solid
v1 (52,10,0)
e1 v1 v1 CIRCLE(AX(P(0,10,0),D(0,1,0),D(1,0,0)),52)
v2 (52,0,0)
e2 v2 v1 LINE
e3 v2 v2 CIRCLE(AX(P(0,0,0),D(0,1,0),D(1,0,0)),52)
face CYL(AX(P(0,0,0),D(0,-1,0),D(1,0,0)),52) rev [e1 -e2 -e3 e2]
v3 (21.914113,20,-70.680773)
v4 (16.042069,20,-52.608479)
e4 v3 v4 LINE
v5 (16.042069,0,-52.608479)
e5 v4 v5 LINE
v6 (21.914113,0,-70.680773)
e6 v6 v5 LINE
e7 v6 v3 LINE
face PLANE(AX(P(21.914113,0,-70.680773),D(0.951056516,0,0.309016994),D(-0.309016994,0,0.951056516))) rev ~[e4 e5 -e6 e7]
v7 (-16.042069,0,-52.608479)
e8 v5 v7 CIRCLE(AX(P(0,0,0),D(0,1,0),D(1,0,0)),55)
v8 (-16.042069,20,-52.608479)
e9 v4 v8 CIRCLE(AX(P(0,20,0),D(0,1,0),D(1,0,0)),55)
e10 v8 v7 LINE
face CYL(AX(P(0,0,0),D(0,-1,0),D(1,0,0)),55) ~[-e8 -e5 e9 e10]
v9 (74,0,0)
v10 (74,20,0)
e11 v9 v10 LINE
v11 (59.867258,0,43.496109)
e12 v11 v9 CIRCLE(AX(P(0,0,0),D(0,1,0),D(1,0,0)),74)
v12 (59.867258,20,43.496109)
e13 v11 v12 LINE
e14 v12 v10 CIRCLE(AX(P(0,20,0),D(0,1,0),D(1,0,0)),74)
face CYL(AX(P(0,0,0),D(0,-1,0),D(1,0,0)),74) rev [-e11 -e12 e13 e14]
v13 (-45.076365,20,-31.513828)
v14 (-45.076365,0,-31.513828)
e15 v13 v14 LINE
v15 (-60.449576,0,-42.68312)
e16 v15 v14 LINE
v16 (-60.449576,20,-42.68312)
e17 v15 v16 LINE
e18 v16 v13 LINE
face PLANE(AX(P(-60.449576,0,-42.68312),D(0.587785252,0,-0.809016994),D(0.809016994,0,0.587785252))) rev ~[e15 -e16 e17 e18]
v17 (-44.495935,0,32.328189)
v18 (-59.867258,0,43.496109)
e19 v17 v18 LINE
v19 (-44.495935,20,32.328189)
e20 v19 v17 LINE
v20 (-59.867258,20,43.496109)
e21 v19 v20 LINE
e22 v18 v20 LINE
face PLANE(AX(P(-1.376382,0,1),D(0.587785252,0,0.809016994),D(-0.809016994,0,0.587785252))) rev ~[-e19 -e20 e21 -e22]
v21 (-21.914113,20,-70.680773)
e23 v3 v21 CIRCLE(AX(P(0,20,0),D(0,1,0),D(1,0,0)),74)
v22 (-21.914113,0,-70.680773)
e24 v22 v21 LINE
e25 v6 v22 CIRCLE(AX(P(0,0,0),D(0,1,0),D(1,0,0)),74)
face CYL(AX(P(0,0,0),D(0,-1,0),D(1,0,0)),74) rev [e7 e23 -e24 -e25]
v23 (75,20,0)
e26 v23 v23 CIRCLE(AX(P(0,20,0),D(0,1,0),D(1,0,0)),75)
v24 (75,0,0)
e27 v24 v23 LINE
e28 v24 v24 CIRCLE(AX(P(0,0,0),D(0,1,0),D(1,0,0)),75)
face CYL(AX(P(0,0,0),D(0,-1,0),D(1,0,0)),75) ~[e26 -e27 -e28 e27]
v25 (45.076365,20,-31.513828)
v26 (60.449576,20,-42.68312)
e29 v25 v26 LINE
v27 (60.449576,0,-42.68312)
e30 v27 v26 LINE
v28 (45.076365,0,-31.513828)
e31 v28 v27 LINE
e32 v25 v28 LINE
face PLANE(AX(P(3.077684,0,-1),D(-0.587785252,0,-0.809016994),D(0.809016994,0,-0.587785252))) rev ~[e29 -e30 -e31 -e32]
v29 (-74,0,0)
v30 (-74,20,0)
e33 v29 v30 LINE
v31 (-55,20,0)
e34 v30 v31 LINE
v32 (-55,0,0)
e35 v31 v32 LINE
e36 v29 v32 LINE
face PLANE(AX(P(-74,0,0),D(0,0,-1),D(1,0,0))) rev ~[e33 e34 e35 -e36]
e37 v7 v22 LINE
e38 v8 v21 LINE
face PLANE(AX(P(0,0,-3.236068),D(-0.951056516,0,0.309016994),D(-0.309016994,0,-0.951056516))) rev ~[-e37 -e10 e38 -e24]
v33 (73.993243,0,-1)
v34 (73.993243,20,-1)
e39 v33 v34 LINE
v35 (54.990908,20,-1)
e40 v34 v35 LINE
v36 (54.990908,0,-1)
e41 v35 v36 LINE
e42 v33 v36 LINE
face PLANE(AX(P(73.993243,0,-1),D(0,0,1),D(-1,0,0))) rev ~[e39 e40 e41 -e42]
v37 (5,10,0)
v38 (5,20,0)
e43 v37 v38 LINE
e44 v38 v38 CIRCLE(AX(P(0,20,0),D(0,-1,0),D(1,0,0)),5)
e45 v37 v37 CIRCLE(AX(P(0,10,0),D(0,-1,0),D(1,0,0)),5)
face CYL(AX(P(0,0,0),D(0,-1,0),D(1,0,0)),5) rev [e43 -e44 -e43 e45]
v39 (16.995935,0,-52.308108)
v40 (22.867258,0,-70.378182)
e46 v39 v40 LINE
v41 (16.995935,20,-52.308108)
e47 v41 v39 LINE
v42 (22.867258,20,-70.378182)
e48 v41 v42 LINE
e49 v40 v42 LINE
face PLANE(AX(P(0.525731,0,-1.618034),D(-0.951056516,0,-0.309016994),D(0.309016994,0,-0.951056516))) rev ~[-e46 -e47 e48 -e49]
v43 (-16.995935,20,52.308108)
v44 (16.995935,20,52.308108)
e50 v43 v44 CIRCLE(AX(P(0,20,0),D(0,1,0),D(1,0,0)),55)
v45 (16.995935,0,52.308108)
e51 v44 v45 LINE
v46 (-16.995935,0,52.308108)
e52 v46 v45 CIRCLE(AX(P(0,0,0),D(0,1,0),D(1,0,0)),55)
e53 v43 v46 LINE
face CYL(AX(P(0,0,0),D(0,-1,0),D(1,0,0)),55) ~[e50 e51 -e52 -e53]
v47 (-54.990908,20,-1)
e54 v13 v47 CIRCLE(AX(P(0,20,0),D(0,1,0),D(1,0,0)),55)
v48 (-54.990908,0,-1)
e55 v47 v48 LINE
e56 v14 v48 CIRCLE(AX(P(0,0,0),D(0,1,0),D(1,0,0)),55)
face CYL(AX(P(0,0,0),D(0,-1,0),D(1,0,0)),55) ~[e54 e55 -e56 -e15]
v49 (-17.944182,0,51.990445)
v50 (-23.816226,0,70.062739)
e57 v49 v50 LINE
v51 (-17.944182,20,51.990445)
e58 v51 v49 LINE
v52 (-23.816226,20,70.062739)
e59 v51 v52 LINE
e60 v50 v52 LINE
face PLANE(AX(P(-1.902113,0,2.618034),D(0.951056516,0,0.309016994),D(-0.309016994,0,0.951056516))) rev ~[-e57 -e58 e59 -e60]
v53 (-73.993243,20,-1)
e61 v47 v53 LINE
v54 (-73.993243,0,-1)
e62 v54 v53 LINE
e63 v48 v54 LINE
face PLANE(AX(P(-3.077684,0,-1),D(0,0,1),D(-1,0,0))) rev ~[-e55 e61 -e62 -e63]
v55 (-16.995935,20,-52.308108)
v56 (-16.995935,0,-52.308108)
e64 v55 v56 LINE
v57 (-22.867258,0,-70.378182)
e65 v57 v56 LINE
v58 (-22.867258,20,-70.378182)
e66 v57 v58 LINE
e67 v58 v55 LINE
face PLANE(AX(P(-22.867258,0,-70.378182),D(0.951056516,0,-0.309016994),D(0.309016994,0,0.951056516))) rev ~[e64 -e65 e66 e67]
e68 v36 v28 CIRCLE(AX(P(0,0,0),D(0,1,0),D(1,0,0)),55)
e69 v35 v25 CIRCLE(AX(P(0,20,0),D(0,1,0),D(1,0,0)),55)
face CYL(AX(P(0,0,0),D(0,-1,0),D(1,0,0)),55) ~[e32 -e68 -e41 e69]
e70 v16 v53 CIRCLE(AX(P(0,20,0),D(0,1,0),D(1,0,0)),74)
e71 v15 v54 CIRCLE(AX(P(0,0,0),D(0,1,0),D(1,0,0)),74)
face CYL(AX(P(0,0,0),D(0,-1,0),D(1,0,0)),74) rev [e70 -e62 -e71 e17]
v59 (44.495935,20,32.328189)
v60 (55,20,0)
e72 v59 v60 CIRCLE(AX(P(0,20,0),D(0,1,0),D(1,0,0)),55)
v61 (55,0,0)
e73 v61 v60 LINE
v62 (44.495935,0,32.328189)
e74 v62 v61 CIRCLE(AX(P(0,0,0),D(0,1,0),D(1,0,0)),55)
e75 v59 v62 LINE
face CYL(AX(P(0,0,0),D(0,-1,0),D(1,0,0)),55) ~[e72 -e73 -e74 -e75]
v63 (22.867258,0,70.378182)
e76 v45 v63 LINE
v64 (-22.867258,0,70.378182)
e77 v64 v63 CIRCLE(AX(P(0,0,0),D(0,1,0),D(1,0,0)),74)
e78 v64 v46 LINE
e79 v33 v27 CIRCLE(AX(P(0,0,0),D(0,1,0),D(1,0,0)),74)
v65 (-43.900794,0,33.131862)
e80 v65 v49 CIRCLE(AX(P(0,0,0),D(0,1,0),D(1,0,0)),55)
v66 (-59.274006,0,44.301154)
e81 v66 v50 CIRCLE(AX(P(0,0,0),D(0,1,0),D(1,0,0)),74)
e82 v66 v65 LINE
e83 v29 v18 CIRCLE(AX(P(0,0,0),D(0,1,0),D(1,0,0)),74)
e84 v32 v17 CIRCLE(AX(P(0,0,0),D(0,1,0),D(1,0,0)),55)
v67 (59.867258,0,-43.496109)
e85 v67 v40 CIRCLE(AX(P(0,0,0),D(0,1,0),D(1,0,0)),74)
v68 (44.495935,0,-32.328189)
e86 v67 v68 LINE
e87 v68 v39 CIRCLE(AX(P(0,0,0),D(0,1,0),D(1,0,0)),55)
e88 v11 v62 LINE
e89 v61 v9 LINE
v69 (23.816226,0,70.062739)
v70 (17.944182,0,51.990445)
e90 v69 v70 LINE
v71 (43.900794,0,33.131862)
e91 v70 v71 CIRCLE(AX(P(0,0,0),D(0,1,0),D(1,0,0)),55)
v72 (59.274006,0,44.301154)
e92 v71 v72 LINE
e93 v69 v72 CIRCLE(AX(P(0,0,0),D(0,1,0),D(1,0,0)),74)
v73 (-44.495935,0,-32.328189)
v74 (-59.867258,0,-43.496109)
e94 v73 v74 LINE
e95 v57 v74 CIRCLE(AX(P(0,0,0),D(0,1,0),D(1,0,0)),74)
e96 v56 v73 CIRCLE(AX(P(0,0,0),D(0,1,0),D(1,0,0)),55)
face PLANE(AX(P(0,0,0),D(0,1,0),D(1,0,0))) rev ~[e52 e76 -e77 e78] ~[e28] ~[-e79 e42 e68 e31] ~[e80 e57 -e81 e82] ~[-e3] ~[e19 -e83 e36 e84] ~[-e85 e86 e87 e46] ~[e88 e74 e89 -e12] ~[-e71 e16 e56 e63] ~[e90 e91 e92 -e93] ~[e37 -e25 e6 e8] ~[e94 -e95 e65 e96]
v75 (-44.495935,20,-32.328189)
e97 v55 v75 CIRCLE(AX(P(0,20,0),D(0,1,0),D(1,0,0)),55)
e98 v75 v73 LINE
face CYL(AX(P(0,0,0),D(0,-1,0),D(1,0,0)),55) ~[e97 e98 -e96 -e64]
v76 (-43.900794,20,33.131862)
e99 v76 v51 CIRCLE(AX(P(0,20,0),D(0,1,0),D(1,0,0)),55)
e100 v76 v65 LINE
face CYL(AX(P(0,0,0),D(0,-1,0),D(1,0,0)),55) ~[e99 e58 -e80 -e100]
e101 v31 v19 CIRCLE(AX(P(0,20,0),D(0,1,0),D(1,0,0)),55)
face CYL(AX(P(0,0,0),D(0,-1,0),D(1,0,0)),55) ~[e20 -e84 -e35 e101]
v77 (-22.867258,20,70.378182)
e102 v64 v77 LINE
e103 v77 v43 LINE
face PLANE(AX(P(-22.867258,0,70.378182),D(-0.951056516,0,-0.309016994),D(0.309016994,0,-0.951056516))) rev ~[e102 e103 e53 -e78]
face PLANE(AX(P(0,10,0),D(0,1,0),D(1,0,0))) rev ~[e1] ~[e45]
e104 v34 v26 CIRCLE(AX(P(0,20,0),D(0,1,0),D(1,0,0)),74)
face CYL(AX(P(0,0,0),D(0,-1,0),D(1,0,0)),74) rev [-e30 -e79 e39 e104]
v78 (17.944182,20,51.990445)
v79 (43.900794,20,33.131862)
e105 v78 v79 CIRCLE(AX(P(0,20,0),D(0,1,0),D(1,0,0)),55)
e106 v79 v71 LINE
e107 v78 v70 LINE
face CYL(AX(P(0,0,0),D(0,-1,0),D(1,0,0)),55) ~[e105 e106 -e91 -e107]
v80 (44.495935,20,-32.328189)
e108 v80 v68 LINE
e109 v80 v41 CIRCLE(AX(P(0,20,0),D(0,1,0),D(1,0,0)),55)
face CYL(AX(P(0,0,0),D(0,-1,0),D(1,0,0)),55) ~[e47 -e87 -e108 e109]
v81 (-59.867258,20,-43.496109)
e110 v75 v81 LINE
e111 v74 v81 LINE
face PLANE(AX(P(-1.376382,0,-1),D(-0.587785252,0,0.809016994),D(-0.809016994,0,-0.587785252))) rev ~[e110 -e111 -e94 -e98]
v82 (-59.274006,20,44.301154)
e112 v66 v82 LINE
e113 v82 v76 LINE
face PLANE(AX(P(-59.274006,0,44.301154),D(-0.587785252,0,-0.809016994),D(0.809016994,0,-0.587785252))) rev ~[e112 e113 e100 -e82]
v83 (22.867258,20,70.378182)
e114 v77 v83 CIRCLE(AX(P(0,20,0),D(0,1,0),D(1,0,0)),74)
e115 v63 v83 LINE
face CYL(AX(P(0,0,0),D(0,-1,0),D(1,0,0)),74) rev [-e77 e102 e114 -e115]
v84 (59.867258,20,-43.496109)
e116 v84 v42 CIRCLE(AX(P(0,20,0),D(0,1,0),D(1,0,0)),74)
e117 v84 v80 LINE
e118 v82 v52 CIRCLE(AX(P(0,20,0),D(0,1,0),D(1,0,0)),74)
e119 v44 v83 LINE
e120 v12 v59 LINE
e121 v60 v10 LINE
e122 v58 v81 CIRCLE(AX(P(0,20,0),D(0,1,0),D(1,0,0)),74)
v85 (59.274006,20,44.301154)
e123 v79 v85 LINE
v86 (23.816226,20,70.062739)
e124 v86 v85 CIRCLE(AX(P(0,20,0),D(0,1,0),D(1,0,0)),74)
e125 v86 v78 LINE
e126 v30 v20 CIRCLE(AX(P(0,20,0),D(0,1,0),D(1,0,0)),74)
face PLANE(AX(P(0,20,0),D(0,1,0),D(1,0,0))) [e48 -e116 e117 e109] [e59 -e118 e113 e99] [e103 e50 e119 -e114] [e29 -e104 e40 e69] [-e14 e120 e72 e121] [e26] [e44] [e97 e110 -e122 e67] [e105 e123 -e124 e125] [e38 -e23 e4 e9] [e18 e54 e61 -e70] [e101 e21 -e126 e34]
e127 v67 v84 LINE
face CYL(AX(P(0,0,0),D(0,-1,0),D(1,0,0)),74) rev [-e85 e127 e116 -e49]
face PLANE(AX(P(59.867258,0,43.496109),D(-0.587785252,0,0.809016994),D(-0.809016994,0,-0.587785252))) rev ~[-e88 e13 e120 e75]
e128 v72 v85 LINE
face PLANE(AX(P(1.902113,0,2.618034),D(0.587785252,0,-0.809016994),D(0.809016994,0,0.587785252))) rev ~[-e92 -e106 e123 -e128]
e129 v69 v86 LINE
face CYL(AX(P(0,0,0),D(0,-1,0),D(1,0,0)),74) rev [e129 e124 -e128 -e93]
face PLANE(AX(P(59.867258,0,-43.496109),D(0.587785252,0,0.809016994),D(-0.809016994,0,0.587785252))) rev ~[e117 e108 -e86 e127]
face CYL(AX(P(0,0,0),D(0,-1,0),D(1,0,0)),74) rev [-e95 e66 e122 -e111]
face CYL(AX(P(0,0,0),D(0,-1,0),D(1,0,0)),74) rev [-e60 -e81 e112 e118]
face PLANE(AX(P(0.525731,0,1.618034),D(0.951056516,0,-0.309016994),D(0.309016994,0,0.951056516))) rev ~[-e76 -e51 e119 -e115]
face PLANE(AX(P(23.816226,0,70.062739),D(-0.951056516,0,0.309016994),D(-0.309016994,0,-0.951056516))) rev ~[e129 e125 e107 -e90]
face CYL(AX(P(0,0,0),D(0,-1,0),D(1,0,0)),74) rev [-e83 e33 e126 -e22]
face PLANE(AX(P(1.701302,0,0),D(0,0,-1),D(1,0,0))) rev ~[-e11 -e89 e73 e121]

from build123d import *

# Parameters (mm, degrees)
SKETCH1_R           = 75
SKETCH1_R_2         = 74
BOSS_EXTRUDE1_DEPTH = 20
SKETCH2_R           = 55
BOSS_EXTRUDE2_DEPTH = 20
BOSS_EXTRUDE3_DEPTH = 20
SKETCH4_R           = 52
CUT_EXTRUDE3_DEPTH  = 10
SKETCH5_R           = 5
CUT_EXTRUDE4_DEPTH  = 21


with BuildPart() as part:
    # Sketch1 → Boss-Extrude1 (new body)
    with BuildSketch(Plane(origin=(0, 0, 0), x_dir=(1, 0, 0), z_dir=(0, 1, 0))):
        Circle(SKETCH1_R)
        Circle(SKETCH1_R_2, mode=Mode.SUBTRACT)
    extrude(amount=BOSS_EXTRUDE1_DEPTH)



with BuildPart() as body_2:
    # Sketch2 → Boss-Extrude2 (new body)
    with BuildSketch(Plane(origin=(0, 0, 0), x_dir=(1, 0, 0), z_dir=(0, 1, 0))):
        Circle(SKETCH2_R)
    extrude(amount=BOSS_EXTRUDE2_DEPTH)


with BuildPart() as part_1:
    add(part.part)

    add(body_2.part)  # Boss-Extrude3 merges body 2
    # Sketch3 → Boss-Extrude3 (add)
    with BuildSketch(Plane(origin=(0, 0, 0), x_dir=(1, 0, 0), z_dir=(0, 1, 0))):
        with BuildLine():
            Line((-74, 0), (-1.701301617, 0))
            Line((-1.701301617, 0), (-1.175570505, -0.381966011))
            Line((-1.175570505, -0.381966011), (-1.37638192, -1))
            Line((-1.37638192, -1), (-59.867257584, -43.49610867))
            ThreePointArc((-59.867257584, -43.49610867), (-59.571991588, -43.899633464), (-59.274005751, -44.301153961))
            Line((-59.274005751, -44.301153961), (-1.902113033, -2.618033989))
            Line((-1.902113033, -2.618033989), (-23.816226052, -70.062738861))
            ThreePointArc((-23.816226052, -70.062738861), (-23.34227468, -70.222063575), (-22.867257584, -70.378182206))
            Line((-22.867257584, -70.378182206), (-0.525731112, -1.618033989))
            Line((-0.525731112, -1.618033989), (0, -1.236067977))
            Line((0, -1.236067977), (0.525731112, -1.618033989))
            Line((0.525731112, -1.618033989), (22.867257584, -70.378182206))
            ThreePointArc((22.867257584, -70.378182206), (23.34227468, -70.222063575), (23.816226052, -70.062738861))
            Line((23.816226052, -70.062738861), (1.902113033, -2.618033989))
            Line((1.902113033, -2.618033989), (59.274005751, -44.301153961))
            ThreePointArc((59.274005751, -44.301153961), (59.571991588, -43.899633464), (59.867257584, -43.49610867))
            Line((59.867257584, -43.49610867), (1.37638192, -1))
            Line((1.37638192, -1), (1.175570505, -0.381966011))
            Line((1.175570505, -0.381966011), (1.701301617, 0))
            Line((1.701301617, 0), (74, 0))
            ThreePointArc((74, 0), (73.998310714, 0.500011414), (73.993242935, 1))
            Line((73.993242935, 1), (3.077683537, 1))
            Line((3.077683537, 1), (60.449576255, 42.683119972))
            ThreePointArc((60.449576255, 42.683119972), (60.159790258, 43.090598001), (59.867257584, 43.49610867))
            Line((59.867257584, 43.49610867), (1.37638192, 1))
            Line((1.37638192, 1), (0.726542528, 1))
            Line((0.726542528, 1), (0.525731112, 1.618033989))
            Line((0.525731112, 1.618033989), (22.867257584, 70.378182206))
            ThreePointArc((22.867257584, 70.378182206), (22.391196452, 70.531087624), (21.914113019, 70.680772849))
            Line((21.914113019, 70.680772849), (0, 3.236067977))
            Line((0, 3.236067977), (-21.914113019, 70.680772849))
            ThreePointArc((-21.914113019, 70.680772849), (-22.391196452, 70.531087624), (-22.867257584, 70.378182206))
            Line((-22.867257584, 70.378182206), (-0.525731112, 1.618033989))
            Line((-0.525731112, 1.618033989), (-0.726542528, 1))
            Line((-0.726542528, 1), (-1.37638192, 1))
            Line((-1.37638192, 1), (-59.867257584, 43.49610867))
            ThreePointArc((-59.867257584, 43.49610867), (-60.159790258, 43.090598001), (-60.449576255, 42.683119972))
            Line((-60.449576255, 42.683119972), (-3.077683537, 1))
            Line((-3.077683537, 1), (-73.993242935, 1))
            ThreePointArc((-73.993242935, 1), (-73.998310714, 0.500011414), (-74, 0))
        make_face()
    extrude(amount=BOSS_EXTRUDE3_DEPTH)

    # Sketch4 → Cut-Extrude3 (cut)
    with BuildSketch(Plane(origin=(0, 0, 0), x_dir=(1, 0, 0), z_dir=(0, 1, 0))):
        Circle(SKETCH4_R)
    extrude(amount=CUT_EXTRUDE3_DEPTH, mode=Mode.SUBTRACT)

    # Sketch5 → Cut-Extrude4 (cut, through all)
    with BuildSketch(Plane(origin=(0, 0, 0), x_dir=(1, 0, 0), z_dir=(0, 1, 0))):
        Circle(SKETCH5_R)
    extrude(amount=CUT_EXTRUDE4_DEPTH, mode=Mode.SUBTRACT)


solid = part_1.part
